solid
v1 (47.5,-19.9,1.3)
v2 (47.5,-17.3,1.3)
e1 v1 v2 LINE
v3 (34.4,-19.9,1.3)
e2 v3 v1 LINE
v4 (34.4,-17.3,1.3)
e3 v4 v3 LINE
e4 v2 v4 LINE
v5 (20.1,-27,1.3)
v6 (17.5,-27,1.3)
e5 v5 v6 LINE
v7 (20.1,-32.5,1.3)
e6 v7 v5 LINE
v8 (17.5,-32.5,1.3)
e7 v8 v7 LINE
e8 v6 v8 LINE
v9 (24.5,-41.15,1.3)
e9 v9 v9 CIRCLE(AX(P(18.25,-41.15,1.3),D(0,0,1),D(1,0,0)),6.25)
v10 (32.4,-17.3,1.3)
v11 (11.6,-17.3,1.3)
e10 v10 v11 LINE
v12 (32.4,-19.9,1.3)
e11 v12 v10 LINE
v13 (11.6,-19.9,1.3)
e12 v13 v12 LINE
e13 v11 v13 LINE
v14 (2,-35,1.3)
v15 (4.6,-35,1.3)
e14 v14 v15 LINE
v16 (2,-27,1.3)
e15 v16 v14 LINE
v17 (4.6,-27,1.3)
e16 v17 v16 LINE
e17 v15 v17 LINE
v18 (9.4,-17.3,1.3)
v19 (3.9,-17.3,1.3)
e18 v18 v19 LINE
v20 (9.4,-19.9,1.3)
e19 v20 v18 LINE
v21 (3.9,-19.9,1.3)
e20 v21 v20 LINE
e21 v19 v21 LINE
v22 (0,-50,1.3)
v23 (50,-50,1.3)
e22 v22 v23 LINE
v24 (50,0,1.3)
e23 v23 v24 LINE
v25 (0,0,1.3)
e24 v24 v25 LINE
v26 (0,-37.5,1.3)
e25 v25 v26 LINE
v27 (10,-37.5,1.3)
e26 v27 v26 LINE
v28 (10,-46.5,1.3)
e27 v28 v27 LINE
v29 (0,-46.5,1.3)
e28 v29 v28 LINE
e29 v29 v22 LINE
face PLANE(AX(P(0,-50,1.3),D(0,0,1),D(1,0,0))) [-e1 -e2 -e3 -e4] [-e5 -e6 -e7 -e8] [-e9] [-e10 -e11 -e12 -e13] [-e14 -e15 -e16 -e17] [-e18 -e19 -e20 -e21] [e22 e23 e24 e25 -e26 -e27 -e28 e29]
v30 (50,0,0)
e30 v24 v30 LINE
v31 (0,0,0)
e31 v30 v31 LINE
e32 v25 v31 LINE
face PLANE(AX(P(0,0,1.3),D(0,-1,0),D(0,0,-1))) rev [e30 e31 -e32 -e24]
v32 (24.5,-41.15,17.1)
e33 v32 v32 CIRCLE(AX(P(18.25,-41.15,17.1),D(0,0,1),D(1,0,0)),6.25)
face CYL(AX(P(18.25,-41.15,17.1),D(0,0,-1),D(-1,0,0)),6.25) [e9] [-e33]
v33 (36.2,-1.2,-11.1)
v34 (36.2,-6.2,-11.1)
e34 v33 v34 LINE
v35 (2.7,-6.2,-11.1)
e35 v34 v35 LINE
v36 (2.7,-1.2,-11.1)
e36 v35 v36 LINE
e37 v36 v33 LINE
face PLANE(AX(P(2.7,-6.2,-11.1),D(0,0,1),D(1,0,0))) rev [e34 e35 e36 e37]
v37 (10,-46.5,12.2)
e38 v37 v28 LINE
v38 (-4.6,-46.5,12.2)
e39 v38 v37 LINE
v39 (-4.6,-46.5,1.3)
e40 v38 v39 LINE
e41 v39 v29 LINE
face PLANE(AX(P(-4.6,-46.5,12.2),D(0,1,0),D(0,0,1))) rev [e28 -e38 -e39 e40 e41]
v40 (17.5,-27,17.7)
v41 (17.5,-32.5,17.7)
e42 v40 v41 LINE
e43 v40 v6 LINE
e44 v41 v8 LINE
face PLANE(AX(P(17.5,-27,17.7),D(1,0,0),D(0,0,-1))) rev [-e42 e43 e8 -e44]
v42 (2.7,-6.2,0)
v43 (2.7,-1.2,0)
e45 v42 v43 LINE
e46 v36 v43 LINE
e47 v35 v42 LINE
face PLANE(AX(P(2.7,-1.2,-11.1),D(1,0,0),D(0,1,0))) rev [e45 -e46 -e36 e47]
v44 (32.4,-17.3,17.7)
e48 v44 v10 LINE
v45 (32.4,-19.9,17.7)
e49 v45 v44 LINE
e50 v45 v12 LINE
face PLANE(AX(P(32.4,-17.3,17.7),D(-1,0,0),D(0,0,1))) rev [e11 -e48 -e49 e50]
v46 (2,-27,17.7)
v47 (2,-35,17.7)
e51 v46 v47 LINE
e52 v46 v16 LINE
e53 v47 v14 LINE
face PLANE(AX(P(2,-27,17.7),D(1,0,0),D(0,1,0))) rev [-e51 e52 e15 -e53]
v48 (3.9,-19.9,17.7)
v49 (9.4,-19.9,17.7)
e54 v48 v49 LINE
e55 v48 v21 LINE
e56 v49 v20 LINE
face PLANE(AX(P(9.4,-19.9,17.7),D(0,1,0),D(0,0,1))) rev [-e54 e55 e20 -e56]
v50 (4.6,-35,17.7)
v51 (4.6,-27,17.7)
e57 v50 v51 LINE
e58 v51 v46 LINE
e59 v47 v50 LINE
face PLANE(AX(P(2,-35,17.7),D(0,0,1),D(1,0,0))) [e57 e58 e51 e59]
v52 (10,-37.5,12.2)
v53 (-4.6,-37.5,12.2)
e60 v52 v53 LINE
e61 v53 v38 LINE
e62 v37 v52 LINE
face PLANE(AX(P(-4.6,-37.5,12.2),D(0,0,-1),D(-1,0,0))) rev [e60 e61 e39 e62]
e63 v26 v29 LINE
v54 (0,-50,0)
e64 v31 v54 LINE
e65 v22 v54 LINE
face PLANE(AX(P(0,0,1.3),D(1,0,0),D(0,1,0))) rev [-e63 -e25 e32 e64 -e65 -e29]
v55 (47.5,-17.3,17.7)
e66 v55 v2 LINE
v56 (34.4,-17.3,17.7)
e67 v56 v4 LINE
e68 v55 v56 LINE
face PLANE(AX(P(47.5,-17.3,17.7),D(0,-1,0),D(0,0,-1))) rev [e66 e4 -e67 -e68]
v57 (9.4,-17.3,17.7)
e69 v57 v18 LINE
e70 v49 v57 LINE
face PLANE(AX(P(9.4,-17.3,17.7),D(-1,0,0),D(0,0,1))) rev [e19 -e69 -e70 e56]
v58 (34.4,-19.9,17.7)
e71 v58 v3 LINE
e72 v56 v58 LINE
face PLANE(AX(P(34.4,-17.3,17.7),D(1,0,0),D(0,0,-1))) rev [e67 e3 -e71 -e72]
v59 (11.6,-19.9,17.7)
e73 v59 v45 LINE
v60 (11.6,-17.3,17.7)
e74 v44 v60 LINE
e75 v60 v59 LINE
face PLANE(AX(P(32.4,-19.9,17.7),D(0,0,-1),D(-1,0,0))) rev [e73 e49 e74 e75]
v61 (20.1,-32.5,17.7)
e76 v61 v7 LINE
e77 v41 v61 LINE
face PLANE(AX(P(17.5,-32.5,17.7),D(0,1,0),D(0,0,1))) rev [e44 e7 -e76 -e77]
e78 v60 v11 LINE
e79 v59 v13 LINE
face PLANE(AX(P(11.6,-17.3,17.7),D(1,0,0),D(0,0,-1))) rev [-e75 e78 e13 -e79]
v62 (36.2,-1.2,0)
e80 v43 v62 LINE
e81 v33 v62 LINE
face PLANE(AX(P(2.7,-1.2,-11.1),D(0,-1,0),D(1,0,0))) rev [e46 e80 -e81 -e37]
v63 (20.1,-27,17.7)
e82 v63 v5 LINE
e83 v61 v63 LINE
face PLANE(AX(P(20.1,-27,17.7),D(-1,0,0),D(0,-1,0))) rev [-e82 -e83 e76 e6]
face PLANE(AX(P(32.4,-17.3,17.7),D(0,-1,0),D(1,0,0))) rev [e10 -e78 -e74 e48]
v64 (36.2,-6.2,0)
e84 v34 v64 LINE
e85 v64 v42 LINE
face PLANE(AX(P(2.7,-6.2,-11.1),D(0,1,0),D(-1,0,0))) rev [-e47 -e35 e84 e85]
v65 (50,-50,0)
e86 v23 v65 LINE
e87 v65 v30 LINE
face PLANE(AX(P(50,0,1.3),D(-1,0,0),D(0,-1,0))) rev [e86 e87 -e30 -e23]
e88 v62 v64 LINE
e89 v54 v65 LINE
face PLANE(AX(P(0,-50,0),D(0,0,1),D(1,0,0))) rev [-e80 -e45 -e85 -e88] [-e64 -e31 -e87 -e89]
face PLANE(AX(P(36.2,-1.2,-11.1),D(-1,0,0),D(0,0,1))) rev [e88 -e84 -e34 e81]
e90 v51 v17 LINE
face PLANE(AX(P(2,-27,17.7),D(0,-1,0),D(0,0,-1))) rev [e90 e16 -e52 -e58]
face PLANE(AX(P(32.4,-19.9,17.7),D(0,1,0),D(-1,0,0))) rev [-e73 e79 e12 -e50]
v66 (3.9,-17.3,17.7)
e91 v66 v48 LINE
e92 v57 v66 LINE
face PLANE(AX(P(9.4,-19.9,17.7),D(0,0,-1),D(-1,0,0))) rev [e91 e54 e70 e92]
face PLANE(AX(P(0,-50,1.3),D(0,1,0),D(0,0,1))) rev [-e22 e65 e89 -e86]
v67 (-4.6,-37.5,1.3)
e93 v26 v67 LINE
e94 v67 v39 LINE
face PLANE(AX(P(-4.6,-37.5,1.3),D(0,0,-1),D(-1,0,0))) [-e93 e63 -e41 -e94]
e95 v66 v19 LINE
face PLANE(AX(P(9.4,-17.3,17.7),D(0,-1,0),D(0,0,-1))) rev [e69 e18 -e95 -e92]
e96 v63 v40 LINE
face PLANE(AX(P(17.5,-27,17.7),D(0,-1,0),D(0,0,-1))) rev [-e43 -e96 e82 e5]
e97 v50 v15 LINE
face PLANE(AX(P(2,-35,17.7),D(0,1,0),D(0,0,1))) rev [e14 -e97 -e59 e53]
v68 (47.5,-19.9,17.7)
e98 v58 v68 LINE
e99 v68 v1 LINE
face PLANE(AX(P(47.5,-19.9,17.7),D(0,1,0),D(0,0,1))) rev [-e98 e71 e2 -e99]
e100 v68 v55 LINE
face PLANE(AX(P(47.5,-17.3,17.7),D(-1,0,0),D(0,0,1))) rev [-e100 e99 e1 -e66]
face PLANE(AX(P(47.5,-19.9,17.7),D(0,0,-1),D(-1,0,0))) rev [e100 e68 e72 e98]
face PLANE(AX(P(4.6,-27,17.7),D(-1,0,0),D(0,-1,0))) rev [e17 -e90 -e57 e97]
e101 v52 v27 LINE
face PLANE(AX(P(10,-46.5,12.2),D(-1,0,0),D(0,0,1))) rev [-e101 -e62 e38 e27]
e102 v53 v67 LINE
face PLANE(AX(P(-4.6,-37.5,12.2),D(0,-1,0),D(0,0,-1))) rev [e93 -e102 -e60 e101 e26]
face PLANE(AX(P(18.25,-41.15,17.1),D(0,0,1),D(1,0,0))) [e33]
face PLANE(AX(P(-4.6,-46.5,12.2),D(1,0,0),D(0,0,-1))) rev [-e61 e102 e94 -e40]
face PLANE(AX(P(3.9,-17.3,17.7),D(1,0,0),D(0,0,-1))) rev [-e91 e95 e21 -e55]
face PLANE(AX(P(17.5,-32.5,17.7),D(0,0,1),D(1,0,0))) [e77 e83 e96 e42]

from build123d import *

# Parameters (mm, degrees)
CROQUIS1_W              = 50
CROQUIS1_H              = 50
SALIENTE_EXTRUIR1_DEPTH = 1.3
CROQUIS2_W              = 33.5
CROQUIS2_H              = 5
SALIENTE_EXTRUIR2_DEPTH = 11.1
CROQUIS3_W              = 14.6
CROQUIS3_H              = 9
SALIENTE_EXTRUIR3_DEPTH = 10.9
CROQUIS4_R              = 6.25
SALIENTE_EXTRUIR4_DEPTH = 15.8
CROQUIS5_W              = 13.1
CROQUIS5_H              = 2.6
CROQUIS5_W_2            = 20.8
CROQUIS5_W_3            = 5.5
CROQUIS5_W_4            = 2.6
CROQUIS5_H_2            = 8
CROQUIS5_H_3            = 5.5
SALIENTE_EXTRUIR5_DEPTH = 16.4


with BuildPart() as part:
    # Croquis1 → Saliente-Extruir1 (new body)
    with BuildSketch(Plane.XY):
        with Locations((25, -25)):
            Rectangle(CROQUIS1_W, CROQUIS1_H)
    extrude(amount=SALIENTE_EXTRUIR1_DEPTH)

    # Croquis2 → Saliente-Extruir2 (add)
    with BuildSketch(Plane(origin=(0, 0, 0), x_dir=(-1, 0, 0), z_dir=(0, 0, -1))):
        with Locations((-19.45, -3.7)):
            Rectangle(CROQUIS2_W, CROQUIS2_H)
    extrude(amount=SALIENTE_EXTRUIR2_DEPTH)

    # Croquis3 → Saliente-Extruir3 (add)
    with BuildSketch(Plane.XY.offset(1.3)):
        with Locations((2.7, -42)):
            Rectangle(CROQUIS3_W, CROQUIS3_H)
    extrude(amount=SALIENTE_EXTRUIR3_DEPTH)

    # Croquis4 → Saliente-Extruir4 (add)
    with BuildSketch(Plane.XY.offset(1.3)):
        with Locations((18.25, -41.15)):
            Circle(CROQUIS4_R)
    extrude(amount=SALIENTE_EXTRUIR4_DEPTH)

    # Croquis5 → Saliente-Extruir5 (add)
    with BuildSketch(Plane.XY.offset(1.3)):
        with Locations((40.95, -18.6)):
            Rectangle(CROQUIS5_W, CROQUIS5_H)
        with Locations((22, -18.6)):
            Rectangle(CROQUIS5_W_2, CROQUIS5_H)
        with Locations((6.65, -18.6)):
            Rectangle(CROQUIS5_W_3, CROQUIS5_H)
        with Locations((3.3, -31)):
            Rectangle(CROQUIS5_W_4, CROQUIS5_H_2)
        with Locations((18.8, -29.75)):
            Rectangle(CROQUIS5_W_4, CROQUIS5_H_3)
    extrude(amount=SALIENTE_EXTRUIR5_DEPTH)


solid = part.part
